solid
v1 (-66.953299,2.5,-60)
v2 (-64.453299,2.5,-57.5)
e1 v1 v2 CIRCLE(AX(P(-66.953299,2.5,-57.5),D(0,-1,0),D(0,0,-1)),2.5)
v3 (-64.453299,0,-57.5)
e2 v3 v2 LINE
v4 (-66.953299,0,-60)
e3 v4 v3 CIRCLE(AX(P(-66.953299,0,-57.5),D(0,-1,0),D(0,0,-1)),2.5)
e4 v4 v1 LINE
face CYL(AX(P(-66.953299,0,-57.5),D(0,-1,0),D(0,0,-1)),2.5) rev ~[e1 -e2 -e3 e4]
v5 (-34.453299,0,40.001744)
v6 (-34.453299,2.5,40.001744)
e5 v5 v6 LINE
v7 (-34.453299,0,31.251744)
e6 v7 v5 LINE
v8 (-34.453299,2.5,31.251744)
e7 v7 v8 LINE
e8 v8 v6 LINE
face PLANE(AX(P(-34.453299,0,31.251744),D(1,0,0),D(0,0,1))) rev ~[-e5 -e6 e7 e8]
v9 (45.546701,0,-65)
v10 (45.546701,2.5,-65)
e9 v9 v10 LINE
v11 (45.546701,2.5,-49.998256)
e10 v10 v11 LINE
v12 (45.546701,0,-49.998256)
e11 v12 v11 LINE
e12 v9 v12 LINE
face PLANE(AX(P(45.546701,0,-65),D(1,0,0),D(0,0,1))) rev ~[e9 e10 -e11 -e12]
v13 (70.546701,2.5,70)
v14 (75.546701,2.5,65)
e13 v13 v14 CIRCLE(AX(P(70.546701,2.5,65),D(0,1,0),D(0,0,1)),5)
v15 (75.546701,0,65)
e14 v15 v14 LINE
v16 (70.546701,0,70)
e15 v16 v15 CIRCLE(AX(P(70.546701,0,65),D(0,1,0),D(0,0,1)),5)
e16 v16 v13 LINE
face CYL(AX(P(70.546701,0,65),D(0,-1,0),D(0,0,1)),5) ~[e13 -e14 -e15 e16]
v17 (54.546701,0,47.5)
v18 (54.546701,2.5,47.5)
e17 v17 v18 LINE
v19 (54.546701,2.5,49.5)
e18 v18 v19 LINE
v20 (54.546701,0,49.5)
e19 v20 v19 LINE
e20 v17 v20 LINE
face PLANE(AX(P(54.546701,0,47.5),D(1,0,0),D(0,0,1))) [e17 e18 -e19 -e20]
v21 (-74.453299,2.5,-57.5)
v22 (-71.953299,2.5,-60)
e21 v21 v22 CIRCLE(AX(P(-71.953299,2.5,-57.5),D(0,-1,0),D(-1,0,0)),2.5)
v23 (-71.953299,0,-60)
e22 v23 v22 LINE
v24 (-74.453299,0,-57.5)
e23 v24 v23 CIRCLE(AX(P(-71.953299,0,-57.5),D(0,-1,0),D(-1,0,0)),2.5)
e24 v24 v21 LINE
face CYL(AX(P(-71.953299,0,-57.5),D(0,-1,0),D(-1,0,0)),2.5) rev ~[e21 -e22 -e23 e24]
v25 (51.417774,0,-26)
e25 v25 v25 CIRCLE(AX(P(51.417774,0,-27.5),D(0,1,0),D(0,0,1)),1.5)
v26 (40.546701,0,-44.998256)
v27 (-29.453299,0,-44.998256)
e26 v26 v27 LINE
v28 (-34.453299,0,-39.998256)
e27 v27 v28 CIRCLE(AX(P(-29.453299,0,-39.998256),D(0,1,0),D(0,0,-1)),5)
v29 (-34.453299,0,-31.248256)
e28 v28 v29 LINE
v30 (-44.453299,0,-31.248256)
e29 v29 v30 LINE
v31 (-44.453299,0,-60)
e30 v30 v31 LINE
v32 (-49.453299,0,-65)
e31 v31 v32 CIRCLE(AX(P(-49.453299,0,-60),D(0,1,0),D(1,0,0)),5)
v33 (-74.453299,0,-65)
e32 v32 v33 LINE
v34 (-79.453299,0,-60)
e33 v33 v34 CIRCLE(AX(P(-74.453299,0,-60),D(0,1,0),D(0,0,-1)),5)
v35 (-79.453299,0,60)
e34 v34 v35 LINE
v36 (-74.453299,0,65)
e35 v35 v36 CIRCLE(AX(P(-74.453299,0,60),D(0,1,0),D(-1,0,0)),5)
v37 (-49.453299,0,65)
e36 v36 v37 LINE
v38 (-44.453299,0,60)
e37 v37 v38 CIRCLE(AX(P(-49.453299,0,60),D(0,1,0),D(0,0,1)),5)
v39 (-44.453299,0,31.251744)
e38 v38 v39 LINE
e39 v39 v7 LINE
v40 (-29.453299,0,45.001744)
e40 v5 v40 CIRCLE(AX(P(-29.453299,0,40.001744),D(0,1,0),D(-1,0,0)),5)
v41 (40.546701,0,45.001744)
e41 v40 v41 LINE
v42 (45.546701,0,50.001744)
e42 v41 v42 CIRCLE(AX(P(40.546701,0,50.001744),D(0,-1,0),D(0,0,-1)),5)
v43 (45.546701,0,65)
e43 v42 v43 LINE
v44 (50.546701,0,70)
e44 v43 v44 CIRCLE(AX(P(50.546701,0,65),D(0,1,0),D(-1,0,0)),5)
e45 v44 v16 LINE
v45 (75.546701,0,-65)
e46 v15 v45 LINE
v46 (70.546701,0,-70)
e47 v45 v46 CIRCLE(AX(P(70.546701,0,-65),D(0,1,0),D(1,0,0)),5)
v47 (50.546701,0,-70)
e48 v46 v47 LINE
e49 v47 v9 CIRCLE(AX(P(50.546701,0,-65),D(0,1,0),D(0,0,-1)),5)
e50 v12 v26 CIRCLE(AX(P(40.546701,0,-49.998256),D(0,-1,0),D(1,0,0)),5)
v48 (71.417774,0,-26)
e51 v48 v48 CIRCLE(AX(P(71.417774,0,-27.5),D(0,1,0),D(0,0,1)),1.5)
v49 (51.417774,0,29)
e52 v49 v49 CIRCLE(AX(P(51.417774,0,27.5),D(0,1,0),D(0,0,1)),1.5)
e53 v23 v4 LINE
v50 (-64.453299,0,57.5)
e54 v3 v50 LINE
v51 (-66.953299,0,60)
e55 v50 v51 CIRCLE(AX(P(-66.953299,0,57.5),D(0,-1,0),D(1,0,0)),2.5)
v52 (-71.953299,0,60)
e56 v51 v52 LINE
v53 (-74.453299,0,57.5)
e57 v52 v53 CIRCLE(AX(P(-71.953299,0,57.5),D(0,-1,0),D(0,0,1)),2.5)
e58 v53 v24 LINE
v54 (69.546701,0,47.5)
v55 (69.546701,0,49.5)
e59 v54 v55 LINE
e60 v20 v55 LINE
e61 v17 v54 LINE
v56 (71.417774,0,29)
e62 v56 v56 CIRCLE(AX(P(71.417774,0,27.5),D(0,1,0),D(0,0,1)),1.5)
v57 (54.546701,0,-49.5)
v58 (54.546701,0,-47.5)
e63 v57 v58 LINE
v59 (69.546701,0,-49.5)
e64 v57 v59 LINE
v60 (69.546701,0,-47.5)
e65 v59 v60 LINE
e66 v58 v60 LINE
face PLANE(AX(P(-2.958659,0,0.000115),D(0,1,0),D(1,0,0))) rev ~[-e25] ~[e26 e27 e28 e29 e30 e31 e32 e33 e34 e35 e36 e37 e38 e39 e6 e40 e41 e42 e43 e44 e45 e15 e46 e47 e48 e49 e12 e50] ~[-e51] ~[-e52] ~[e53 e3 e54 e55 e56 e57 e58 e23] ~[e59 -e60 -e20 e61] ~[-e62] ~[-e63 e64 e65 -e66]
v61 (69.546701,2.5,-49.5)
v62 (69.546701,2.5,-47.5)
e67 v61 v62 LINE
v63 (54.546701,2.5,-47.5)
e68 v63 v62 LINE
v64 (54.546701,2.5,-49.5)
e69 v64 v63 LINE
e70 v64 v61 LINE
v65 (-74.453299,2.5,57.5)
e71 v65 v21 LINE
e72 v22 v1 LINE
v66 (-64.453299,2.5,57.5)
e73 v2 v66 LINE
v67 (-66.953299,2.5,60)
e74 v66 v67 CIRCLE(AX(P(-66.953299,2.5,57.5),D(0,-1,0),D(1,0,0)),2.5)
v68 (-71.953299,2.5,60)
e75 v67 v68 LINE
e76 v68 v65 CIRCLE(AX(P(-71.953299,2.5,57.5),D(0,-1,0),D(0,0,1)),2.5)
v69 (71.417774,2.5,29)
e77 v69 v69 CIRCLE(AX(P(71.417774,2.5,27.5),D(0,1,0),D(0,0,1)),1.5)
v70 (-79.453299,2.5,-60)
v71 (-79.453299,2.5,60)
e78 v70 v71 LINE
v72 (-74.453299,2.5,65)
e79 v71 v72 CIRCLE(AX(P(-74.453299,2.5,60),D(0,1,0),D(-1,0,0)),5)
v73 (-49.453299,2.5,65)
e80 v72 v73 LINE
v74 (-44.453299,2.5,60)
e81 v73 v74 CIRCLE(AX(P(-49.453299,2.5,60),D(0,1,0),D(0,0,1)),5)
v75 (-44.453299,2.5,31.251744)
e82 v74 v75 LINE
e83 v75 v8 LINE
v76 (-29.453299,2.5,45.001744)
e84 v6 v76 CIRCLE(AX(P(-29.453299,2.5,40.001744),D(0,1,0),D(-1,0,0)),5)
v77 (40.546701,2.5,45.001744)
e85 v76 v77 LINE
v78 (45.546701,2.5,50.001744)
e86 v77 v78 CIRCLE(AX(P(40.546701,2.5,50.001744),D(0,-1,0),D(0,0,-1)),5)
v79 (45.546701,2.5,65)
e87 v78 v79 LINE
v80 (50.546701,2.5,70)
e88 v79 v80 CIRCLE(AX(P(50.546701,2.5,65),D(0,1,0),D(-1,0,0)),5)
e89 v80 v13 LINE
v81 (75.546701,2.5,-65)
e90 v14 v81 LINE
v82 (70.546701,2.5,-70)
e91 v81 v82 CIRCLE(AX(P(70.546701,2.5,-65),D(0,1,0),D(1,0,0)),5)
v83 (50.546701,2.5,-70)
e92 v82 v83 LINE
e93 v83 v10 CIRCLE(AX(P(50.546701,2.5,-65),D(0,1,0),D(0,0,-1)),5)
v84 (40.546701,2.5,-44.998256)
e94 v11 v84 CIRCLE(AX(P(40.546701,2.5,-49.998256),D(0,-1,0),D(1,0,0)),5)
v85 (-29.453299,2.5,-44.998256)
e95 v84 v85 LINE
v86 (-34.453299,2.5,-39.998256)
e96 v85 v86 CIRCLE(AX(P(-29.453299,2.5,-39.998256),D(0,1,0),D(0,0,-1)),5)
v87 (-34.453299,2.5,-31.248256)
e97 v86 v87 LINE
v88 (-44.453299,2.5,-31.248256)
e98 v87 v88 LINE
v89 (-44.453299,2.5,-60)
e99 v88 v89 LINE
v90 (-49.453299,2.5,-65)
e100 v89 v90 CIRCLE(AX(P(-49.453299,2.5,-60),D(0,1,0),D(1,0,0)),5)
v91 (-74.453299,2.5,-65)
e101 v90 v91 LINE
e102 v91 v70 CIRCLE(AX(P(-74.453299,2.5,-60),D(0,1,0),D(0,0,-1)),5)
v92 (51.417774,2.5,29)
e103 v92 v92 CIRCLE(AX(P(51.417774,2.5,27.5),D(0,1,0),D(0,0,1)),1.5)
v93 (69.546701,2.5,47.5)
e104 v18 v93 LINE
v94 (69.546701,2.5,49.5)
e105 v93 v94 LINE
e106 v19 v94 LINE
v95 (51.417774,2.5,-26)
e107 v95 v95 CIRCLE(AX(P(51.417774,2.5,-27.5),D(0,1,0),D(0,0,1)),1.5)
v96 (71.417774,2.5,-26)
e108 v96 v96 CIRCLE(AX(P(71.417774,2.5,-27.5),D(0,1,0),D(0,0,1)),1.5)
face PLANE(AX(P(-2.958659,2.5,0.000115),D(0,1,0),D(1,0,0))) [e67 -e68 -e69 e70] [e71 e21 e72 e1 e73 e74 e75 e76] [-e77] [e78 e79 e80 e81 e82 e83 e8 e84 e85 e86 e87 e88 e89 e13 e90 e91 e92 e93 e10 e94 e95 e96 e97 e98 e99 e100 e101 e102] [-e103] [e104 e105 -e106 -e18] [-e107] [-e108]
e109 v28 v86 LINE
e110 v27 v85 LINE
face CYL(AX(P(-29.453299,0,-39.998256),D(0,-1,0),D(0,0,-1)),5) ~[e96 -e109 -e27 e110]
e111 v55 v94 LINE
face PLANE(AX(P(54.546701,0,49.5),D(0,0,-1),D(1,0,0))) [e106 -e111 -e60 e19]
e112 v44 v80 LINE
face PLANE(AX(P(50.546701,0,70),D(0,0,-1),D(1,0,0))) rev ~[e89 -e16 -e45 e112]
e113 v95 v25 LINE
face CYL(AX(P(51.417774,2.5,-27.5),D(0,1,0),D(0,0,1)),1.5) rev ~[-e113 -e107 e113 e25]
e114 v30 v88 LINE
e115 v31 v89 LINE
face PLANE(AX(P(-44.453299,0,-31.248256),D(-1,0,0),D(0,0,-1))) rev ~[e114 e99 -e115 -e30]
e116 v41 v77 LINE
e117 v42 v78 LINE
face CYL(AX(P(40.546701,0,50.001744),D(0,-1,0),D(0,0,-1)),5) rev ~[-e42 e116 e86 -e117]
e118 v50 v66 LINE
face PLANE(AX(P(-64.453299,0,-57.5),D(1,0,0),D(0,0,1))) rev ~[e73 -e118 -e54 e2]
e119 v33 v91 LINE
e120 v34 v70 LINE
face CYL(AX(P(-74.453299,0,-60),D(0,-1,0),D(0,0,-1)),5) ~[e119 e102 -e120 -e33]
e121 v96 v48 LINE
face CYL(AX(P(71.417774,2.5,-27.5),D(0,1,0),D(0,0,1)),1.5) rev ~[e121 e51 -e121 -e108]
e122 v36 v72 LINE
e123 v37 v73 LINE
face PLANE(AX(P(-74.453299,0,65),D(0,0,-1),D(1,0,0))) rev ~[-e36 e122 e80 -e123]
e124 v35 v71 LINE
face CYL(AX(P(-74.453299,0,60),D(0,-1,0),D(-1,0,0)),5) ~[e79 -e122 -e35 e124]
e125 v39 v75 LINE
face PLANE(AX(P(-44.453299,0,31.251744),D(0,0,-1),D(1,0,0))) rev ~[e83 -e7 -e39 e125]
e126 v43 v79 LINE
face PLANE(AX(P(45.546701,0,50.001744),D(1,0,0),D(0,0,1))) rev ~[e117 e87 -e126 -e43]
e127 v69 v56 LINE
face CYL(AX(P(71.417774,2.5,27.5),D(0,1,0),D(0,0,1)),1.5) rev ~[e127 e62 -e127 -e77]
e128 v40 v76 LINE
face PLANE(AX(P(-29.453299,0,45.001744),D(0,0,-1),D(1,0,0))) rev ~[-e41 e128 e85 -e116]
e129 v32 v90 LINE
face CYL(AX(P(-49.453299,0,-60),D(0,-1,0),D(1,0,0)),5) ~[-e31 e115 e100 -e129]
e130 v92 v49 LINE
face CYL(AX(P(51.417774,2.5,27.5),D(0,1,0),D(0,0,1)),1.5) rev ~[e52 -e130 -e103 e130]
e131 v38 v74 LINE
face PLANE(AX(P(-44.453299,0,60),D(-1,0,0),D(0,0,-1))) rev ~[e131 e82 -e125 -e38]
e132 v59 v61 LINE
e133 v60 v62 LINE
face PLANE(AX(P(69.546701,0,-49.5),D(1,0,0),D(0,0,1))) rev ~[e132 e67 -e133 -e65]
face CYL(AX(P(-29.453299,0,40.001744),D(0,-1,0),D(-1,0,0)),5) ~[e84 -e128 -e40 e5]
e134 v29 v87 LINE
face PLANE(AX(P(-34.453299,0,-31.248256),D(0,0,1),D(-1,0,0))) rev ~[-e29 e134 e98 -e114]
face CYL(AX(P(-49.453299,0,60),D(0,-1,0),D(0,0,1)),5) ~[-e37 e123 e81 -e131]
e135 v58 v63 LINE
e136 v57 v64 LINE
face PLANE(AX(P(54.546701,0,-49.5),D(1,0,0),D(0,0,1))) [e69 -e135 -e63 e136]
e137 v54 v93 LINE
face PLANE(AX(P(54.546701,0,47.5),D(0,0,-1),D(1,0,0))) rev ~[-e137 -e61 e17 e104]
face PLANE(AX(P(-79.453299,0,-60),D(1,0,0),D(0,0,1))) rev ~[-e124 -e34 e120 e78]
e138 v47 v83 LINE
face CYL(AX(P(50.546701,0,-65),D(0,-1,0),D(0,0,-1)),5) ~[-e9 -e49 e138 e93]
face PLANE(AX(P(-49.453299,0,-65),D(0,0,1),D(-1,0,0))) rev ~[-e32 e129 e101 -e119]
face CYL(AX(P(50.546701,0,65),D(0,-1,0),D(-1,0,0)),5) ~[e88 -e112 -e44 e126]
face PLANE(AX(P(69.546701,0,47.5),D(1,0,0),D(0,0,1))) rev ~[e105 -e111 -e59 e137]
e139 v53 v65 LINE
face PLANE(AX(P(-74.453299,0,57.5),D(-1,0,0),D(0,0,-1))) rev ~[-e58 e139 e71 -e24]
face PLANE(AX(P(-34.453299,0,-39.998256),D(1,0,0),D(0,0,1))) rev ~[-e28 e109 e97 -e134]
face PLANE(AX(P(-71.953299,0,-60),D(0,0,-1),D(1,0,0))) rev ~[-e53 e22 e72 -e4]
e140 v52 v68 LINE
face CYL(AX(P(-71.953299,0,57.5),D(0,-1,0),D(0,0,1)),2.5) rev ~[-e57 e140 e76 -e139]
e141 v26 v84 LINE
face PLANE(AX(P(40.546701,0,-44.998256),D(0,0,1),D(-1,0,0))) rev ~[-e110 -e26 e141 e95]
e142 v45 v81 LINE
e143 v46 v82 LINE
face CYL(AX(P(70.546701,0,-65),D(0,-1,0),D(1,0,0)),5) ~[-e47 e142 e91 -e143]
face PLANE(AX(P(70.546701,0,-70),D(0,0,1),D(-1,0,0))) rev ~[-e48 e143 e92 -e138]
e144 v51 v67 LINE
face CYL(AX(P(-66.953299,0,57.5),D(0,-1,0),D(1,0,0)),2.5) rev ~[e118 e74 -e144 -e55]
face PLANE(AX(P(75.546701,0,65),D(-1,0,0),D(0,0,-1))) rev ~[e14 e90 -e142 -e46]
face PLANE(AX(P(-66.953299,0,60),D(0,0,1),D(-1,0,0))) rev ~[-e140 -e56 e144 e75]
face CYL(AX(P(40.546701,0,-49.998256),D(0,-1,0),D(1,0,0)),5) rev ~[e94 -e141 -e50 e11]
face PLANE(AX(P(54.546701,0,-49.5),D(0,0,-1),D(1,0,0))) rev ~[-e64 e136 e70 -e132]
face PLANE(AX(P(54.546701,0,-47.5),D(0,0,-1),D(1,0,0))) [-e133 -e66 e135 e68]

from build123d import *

# Parameters (mm, degrees)
BOSS_EXTRUDE1_DEPTH = 2.5
SKETCH2_R           = 1.5
CUT_EXTRUDE1_DEPTH  = 106.920143167
SKETCH4_W           = 15
SKETCH4_H           = 2
CUT_EXTRUDE2_DEPTH  = 2.5


with BuildPart() as part:
    # Sketch1 → Boss-Extrude1 (new body)
    with BuildSketch(Plane(origin=(0, 0, 0), x_dir=(1, 0, 0), z_dir=(0, 1, 0))):
        with BuildLine():
            Line((45.546700959, 65), (45.546700959, 49.998256331))
            ThreePointArc((45.546700959, 49.998256331), (44.082234865, 46.462722425), (40.546700959, 44.998256331))
            Line((40.546700959, 44.998256331), (-29.453299041, 44.998256331))
            ThreePointArc((-29.453299041, 44.998256331), (-32.988832947, 43.533790237), (-34.453299041, 39.998256331))
            Line((-34.453299041, 39.998256331), (-34.453299041, 31.248256331))
            Line((-34.453299041, 31.248256331), (-44.453299041, 31.248256331))
            Line((-44.453299041, 31.248256331), (-44.453299041, 46.248256331))
            Line((-44.453299041, 46.248256331), (-44.453299041, 60))
            ThreePointArc((-44.453299041, 60), (-45.917765135, 63.535533906), (-49.453299041, 65))
            Line((-49.453299041, 65), (-74.453299041, 65))
            ThreePointArc((-74.453299041, 65), (-77.988832947, 63.535533906), (-79.453299041, 60))
            Line((-79.453299041, 60), (-79.453299041, -60))
            ThreePointArc((-79.453299041, -60), (-77.988832947, -63.535533906), (-74.453299041, -65))
            Line((-74.453299041, -65), (-49.453299041, -65))
            ThreePointArc((-49.453299041, -65), (-45.917765135, -63.535533906), (-44.453299041, -60))
            Line((-44.453299041, -60), (-44.453299041, -46.251743669))
            Line((-44.453299041, -46.251743669), (-44.453299041, -31.251743669))
            Line((-44.453299041, -31.251743669), (-34.453299041, -31.251743669))
            Line((-34.453299041, -31.251743669), (-34.453299041, -40.001743669))
            ThreePointArc((-34.453299041, -40.001743669), (-32.988832947, -43.537277575), (-29.453299041, -45.001743669))
            Line((-29.453299041, -45.001743669), (40.546700959, -45.001743669))
            ThreePointArc((40.546700959, -45.001743669), (44.082234865, -46.466209763), (45.546700959, -50.001743669))
            Line((45.546700959, -50.001743669), (45.546700959, -65))
            ThreePointArc((45.546700959, -65), (47.011167053, -68.535533906), (50.546700959, -70))
            Line((50.546700959, -70), (70.546700959, -70))
            ThreePointArc((70.546700959, -70), (74.082234865, -68.535533906), (75.546700959, -65))
            Line((75.546700959, -65), (75.546700959, 65))
            ThreePointArc((75.546700959, 65), (74.082234865, 68.535533906), (70.546700959, 70))
            Line((70.546700959, 70), (50.546700959, 70))
            ThreePointArc((50.546700959, 70), (47.011167053, 68.535533906), (45.546700959, 65))
        make_face()
        with BuildLine():
            Line((-71.953299041, 60), (-66.953299041, 60))
            ThreePointArc((-66.953299041, 60), (-65.185532088, 59.267766953), (-64.453299041, 57.5))
            Line((-64.453299041, 57.5), (-64.453299041, -57.5))
            ThreePointArc((-64.453299041, -57.5), (-65.185532088, -59.267766953), (-66.953299041, -60))
            Line((-66.953299041, -60), (-71.953299041, -60))
            ThreePointArc((-71.953299041, -60), (-73.721065994, -59.267766953), (-74.453299041, -57.5))
            Line((-74.453299041, -57.5), (-74.453299041, 57.5))
            ThreePointArc((-74.453299041, 57.5), (-73.721065994, 59.267766953), (-71.953299041, 60))
        make_face(mode=Mode.SUBTRACT)
    extrude(amount=BOSS_EXTRUDE1_DEPTH)

    # Sketch2 → Cut-Extrude1 (cut, through all)
    with BuildSketch(Plane(origin=(0, 2.5, 0), x_dir=(1, 0, 0), z_dir=(0, 1, 0))):
        with Locations(Location((51.417773874, 27.5, 0), (0, 0, 270))):
            Circle(SKETCH2_R)
        with Locations(Location((51.417773874, -27.5, 0), (0, 0, 270))):
            Circle(SKETCH2_R)
        with Locations(Location((71.417773874, -27.5, 0), (0, 0, 270))):
            Circle(SKETCH2_R)
        with Locations(Location((71.417773874, 27.5, 0), (0, 0, 270))):
            Circle(SKETCH2_R)
    extrude(amount=-CUT_EXTRUDE1_DEPTH, mode=Mode.SUBTRACT)

    # Sketch4 → Cut-Extrude2 (cut)
    with BuildSketch(Plane.XZ):
        with Locations((62.046700959, -48.5)):
            Rectangle(SKETCH4_W, SKETCH4_H)
        with Locations((62.046700959, 48.5)):
            Rectangle(SKETCH4_W, SKETCH4_H)
    extrude(amount=-CUT_EXTRUDE2_DEPTH, mode=Mode.SUBTRACT)


solid = part.part
